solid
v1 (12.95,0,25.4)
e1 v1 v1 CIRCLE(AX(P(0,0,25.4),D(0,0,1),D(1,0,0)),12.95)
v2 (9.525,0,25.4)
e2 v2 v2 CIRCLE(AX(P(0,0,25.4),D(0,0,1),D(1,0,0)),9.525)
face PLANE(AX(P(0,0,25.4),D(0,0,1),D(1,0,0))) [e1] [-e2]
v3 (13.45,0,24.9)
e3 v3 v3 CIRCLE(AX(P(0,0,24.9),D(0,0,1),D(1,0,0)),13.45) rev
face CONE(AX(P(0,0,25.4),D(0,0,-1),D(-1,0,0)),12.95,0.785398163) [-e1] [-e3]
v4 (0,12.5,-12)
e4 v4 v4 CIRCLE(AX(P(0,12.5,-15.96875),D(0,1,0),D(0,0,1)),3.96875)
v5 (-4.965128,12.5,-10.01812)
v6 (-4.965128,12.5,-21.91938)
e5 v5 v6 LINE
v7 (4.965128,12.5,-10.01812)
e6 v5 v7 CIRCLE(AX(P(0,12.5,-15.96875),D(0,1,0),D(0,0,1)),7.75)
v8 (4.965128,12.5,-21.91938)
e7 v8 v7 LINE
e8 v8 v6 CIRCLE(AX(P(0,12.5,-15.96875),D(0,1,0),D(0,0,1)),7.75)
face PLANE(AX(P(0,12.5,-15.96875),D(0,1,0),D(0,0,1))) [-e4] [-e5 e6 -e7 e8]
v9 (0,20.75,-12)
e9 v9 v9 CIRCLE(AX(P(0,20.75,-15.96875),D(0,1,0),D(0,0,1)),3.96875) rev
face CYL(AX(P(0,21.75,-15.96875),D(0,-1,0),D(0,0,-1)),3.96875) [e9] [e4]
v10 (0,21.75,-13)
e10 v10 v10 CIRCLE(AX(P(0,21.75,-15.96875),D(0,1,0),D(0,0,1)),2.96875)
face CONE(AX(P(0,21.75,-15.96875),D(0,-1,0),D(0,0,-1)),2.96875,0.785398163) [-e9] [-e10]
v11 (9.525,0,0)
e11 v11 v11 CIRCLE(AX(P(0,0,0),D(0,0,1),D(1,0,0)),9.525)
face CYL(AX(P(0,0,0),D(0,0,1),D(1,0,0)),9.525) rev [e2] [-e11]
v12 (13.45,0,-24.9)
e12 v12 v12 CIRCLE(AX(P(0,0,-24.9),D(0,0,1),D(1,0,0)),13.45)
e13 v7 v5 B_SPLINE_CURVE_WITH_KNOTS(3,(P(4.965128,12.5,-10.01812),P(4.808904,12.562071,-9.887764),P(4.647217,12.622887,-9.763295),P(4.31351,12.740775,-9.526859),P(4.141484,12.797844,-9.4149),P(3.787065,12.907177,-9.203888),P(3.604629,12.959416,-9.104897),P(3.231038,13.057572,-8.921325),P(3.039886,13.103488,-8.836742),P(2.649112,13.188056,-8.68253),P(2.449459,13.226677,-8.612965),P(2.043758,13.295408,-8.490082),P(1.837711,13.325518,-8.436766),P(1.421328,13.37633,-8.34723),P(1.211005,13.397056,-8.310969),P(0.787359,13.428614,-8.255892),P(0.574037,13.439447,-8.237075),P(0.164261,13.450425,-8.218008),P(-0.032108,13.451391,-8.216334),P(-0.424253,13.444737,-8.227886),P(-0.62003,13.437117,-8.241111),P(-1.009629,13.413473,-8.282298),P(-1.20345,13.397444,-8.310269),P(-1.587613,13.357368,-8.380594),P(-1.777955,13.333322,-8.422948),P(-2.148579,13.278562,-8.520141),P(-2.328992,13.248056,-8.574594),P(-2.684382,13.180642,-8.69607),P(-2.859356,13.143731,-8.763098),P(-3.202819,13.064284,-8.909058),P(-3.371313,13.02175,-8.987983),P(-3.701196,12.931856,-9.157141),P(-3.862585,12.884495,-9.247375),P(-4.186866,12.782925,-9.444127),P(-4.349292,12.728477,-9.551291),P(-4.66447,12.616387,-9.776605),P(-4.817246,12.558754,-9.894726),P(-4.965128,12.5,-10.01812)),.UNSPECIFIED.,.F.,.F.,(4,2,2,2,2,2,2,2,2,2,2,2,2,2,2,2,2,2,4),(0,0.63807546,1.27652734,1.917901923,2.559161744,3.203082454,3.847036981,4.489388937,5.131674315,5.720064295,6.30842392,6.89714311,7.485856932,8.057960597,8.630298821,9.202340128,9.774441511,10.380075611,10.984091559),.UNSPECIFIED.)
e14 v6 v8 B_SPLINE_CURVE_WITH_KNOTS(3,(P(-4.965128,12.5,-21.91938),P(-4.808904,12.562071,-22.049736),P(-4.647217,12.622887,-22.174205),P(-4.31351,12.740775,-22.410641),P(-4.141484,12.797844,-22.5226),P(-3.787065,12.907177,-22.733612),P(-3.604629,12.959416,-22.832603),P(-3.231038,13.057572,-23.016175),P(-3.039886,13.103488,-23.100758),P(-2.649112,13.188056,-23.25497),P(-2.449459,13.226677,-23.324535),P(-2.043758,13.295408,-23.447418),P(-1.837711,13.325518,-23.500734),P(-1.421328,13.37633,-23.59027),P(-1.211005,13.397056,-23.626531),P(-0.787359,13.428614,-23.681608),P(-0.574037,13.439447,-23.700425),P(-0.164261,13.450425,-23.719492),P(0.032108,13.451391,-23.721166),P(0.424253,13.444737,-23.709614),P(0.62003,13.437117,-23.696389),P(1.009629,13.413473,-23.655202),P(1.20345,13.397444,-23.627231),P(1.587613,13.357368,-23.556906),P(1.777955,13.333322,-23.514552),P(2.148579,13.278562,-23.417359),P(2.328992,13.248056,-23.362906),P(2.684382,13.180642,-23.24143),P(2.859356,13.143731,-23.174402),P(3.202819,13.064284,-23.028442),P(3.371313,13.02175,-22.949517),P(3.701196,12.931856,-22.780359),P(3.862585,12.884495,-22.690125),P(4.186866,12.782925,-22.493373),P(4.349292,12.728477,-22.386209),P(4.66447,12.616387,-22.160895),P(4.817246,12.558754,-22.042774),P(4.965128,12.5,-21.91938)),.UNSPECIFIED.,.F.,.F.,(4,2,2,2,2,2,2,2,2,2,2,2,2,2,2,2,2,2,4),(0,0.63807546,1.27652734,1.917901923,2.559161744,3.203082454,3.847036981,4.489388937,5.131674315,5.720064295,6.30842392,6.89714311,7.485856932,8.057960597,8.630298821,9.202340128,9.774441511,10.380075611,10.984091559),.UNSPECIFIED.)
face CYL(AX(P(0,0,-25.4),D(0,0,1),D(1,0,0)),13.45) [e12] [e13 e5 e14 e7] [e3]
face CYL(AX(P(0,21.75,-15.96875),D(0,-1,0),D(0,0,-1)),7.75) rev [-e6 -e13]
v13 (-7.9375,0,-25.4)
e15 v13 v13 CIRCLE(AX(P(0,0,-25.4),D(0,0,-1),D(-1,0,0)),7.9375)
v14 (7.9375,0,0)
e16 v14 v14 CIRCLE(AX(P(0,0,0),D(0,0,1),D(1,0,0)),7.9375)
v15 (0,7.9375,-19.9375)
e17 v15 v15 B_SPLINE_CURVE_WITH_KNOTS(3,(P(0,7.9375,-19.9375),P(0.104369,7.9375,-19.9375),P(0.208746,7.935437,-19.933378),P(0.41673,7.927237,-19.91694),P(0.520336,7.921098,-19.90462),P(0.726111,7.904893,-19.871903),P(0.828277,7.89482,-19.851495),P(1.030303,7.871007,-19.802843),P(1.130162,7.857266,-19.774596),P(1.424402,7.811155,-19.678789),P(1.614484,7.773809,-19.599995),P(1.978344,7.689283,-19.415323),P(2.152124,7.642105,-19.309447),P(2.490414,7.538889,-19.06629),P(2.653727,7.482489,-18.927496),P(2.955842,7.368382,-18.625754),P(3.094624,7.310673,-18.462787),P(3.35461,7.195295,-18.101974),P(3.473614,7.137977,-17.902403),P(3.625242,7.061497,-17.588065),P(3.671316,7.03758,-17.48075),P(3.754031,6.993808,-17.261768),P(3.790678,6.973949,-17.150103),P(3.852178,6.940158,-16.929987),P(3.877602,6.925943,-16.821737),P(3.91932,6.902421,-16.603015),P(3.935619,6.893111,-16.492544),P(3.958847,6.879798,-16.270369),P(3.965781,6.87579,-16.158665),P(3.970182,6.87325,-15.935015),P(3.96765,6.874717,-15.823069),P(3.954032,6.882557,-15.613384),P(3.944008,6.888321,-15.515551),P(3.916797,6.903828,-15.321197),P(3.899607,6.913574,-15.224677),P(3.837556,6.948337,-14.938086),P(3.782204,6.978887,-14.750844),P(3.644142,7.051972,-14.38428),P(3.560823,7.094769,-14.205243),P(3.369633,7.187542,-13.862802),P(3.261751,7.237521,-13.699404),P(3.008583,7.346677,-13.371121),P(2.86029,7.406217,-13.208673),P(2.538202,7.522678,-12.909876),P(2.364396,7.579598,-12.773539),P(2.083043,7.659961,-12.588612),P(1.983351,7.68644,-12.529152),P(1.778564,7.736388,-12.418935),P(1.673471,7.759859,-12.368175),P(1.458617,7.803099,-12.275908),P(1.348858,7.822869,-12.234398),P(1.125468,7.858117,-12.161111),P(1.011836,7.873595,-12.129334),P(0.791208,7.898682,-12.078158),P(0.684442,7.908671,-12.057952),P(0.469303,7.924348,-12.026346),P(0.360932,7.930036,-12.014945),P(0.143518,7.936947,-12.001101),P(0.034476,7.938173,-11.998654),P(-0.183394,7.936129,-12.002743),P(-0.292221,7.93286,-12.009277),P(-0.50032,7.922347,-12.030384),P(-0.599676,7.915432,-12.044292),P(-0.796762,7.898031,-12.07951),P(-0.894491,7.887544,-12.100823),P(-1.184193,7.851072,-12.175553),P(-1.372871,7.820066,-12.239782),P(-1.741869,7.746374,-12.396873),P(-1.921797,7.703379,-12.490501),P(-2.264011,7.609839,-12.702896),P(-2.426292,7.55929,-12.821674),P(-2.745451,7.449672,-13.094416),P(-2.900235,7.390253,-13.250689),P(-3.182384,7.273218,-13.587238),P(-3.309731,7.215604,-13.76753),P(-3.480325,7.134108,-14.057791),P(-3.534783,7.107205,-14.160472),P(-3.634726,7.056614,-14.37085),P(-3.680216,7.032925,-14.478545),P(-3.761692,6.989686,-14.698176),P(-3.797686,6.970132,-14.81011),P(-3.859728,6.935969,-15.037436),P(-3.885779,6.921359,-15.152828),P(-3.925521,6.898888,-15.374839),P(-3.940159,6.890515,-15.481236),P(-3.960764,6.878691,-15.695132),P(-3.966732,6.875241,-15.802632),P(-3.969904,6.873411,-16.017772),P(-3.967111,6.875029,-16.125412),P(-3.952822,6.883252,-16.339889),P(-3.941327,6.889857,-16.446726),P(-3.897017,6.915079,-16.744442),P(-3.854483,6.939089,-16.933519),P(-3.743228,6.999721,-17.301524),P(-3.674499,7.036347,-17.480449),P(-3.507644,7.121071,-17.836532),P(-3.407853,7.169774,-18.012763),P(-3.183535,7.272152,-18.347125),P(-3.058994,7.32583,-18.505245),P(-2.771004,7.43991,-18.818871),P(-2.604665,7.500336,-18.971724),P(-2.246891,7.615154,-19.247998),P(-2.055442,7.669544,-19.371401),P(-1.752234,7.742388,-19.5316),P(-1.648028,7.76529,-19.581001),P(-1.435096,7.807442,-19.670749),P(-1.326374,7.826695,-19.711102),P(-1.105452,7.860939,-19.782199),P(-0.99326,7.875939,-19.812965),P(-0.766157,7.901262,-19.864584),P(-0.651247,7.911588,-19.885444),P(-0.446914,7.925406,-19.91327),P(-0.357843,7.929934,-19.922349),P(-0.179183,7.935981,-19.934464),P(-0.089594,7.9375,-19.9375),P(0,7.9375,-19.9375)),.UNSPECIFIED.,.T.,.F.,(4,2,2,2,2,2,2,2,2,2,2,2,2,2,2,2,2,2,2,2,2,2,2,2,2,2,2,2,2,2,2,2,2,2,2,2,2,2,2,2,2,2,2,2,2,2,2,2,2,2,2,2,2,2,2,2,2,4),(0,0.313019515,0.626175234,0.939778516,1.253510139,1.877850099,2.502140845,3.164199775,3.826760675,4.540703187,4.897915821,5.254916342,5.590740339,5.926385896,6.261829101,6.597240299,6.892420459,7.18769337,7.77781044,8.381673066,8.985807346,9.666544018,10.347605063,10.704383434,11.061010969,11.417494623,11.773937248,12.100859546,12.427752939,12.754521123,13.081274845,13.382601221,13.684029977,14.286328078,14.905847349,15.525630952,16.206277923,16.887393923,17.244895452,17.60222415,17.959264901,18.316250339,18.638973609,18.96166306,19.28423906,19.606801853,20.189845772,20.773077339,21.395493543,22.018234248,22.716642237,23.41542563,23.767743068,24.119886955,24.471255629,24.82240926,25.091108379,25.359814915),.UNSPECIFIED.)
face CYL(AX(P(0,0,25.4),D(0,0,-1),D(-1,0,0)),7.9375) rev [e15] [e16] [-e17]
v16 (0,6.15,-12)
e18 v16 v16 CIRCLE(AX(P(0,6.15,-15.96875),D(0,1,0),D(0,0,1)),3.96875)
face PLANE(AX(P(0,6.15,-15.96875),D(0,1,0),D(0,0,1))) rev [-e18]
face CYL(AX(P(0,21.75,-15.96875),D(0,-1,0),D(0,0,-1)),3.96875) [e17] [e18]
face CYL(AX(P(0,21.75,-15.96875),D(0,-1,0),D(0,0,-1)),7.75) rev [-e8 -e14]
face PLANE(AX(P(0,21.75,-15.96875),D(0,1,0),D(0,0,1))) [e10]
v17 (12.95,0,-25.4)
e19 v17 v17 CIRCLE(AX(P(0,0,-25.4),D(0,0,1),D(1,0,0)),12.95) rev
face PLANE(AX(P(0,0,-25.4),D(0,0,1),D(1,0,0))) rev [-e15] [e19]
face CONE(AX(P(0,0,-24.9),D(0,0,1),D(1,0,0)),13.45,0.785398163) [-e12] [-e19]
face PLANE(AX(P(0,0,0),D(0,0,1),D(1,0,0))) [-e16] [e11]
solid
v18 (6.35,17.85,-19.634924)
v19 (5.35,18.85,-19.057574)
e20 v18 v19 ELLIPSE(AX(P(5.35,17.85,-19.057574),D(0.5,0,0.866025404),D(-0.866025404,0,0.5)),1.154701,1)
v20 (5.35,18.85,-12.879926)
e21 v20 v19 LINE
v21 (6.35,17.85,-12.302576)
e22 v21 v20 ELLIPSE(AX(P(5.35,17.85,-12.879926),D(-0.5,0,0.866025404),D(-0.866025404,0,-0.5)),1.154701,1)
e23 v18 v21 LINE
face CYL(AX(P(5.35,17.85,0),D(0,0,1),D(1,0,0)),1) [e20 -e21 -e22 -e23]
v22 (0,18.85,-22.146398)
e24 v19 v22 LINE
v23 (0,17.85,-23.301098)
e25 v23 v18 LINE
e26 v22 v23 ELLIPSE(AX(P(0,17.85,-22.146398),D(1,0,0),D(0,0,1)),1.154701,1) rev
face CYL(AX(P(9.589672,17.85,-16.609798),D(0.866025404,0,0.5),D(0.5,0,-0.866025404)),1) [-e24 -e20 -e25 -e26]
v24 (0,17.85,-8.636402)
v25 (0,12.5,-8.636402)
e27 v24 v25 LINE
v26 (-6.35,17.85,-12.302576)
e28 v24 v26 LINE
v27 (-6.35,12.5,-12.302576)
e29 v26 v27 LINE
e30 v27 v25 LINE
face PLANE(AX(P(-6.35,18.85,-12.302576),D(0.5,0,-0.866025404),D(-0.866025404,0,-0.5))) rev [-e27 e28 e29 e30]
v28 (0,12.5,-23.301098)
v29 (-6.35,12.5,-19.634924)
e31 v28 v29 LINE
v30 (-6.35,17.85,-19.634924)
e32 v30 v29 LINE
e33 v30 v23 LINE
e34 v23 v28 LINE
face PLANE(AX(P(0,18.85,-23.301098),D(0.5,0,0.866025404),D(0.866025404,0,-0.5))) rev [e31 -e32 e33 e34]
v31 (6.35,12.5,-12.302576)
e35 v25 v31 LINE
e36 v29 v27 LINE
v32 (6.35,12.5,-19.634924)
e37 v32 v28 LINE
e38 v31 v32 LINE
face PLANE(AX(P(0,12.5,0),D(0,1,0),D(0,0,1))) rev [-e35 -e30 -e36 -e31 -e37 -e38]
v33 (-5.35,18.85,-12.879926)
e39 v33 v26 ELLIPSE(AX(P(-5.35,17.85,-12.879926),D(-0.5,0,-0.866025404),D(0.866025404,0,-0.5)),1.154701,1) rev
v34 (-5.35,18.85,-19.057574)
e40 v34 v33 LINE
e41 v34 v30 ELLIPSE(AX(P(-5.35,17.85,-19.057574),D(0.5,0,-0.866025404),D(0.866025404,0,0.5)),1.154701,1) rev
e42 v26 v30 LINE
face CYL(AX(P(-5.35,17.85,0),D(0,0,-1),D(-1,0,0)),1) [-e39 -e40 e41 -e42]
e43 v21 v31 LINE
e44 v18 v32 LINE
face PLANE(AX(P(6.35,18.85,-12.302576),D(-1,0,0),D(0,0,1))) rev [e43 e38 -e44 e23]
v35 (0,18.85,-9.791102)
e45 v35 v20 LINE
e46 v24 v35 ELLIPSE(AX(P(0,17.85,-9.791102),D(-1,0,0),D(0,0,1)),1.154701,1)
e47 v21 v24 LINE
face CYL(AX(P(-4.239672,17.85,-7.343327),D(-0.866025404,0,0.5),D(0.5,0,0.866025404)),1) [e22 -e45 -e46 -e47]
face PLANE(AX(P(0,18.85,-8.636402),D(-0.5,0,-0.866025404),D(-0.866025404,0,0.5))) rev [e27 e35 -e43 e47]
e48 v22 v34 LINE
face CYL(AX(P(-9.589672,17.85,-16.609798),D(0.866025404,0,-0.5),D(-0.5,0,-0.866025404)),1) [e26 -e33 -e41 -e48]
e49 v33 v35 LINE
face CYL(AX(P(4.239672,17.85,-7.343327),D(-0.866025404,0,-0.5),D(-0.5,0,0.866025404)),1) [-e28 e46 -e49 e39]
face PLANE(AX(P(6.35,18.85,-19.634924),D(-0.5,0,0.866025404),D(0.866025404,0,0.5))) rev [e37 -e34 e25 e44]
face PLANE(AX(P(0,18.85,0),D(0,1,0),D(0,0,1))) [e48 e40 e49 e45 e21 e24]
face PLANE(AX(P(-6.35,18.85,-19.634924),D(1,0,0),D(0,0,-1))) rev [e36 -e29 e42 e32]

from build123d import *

# Parameters (mm, degrees)
BOSS_EXTRUDE1_DEPTH      = 25.4
BOSS_EXTRUDE1_DEPTH_BACK = 25.4
SKETCH1_R                = 13.45
SKETCH2_R                = 9.525
CUT_EXTRUDE1_DEPTH       = 25.4
SKETCH3_R                = 7.9375
CUT_EXTRUDE2_DEPTH       = 55.244308457
BOSS_EXTRUDE2_START      = 6.15
SKETCH4_R                = 3.96875
BOSS_EXTRUDE2_DEPTH      = 15.6
CUT_EXTRUDE4_START       = 12.5
SKETCH5_R                = 7.75
SKETCH5_R_2              = 3.96875
CUT_EXTRUDE4_DEPTH       = 24.543376814
BOSS_EXTRUDE3_DEPTH      = 6.35
FILLET1_R                = 1
CHAMFER1_SIZE            = 1
CHAMFER2_SIZE            = 0.5


with BuildPart() as part:
    # Sketch1 → Boss-Extrude1 (new, two sides: drawn at the far end of the back side and taken through both)
    with BuildSketch(Plane.XY.offset(-BOSS_EXTRUDE1_DEPTH_BACK)):
        Circle(SKETCH1_R)
    extrude(amount=BOSS_EXTRUDE1_DEPTH + BOSS_EXTRUDE1_DEPTH_BACK)

    # Sketch2 → Cut-Extrude1 (cut)
    with BuildSketch(Plane.XY.offset(25.4)):
        Circle(SKETCH2_R)
    extrude(amount=-CUT_EXTRUDE1_DEPTH, mode=Mode.SUBTRACT)

    # Sketch3 → Cut-Extrude2 (cut, through all)
    with BuildSketch(Plane(origin=(0, 0, -25.4), x_dir=(-1, 0, 0), z_dir=(0, 0, -1))):
        Circle(SKETCH3_R)
    extrude(amount=-CUT_EXTRUDE2_DEPTH, mode=Mode.SUBTRACT)

    # Sketch4 → Boss-Extrude2 (add)
    with BuildSketch(Plane(origin=(0, 0, 0), x_dir=(1, 0, 0), z_dir=(0, 1, 0)).offset(BOSS_EXTRUDE2_START)):
        with Locations((0, 15.96875)):
            Circle(SKETCH4_R)
    extrude(amount=BOSS_EXTRUDE2_DEPTH)

    # Sketch5 → Cut-Extrude4 (cut, through all)
    with BuildSketch(Plane(origin=(0, 0, 0), x_dir=(1, 0, 0), z_dir=(0, 1, 0)).offset(CUT_EXTRUDE4_START)):
        with Locations((0, 15.96875)):
            Circle(SKETCH5_R)
        with Locations((0, 15.96875)):
            Circle(SKETCH5_R_2, mode=Mode.SUBTRACT)
    extrude(amount=CUT_EXTRUDE4_DEPTH, mode=Mode.SUBTRACT)

    # Chamfer1
    chamfer1_edges = [part.edges().sort_by_distance(p)[0] for p in [
        (-3.96875, 21.75, -15.96875),
    ]]
    chamfer(chamfer1_edges, length=CHAMFER1_SIZE)

    # Chamfer2
    chamfer2_edges = [part.edges().sort_by_distance(p)[0] for p in [
        (-13.45, 0, -25.4),
        (-13.45, 0, 25.4),
    ]]
    chamfer(chamfer2_edges, length=CHAMFER2_SIZE)


with BuildPart() as body_2:
    # Sketch6 → Boss-Extrude3 (new body)
    with BuildSketch(Plane(origin=(0, 12.5, 0), x_dir=(1, 0, 0), z_dir=(0, 1, 0))):
        Polygon((6.35, 12.302575791), (6.35, 19.634924209), (0, 23.301098419), (-6.35, 19.634924209), (-6.35, 12.302575791), (0, 8.636401581), align=None)
    extrude(amount=BOSS_EXTRUDE3_DEPTH)

    # Fillet1
    fillet1_edges = [body_2.edges().sort_by_distance(p)[0] for p in [
        (-3.175, 18.85, -10.469488686),
        (-6.35, 18.85, -15.96875),
        (-3.175, 18.85, -21.468011314),
        (3.175, 18.85, -21.468011314),
        (6.35, 18.85, -15.96875),
        (3.175, 18.85, -10.469488686),
    ]]
    fillet(fillet1_edges, radius=FILLET1_R)


solid = Compound([part.part, body_2.part])
